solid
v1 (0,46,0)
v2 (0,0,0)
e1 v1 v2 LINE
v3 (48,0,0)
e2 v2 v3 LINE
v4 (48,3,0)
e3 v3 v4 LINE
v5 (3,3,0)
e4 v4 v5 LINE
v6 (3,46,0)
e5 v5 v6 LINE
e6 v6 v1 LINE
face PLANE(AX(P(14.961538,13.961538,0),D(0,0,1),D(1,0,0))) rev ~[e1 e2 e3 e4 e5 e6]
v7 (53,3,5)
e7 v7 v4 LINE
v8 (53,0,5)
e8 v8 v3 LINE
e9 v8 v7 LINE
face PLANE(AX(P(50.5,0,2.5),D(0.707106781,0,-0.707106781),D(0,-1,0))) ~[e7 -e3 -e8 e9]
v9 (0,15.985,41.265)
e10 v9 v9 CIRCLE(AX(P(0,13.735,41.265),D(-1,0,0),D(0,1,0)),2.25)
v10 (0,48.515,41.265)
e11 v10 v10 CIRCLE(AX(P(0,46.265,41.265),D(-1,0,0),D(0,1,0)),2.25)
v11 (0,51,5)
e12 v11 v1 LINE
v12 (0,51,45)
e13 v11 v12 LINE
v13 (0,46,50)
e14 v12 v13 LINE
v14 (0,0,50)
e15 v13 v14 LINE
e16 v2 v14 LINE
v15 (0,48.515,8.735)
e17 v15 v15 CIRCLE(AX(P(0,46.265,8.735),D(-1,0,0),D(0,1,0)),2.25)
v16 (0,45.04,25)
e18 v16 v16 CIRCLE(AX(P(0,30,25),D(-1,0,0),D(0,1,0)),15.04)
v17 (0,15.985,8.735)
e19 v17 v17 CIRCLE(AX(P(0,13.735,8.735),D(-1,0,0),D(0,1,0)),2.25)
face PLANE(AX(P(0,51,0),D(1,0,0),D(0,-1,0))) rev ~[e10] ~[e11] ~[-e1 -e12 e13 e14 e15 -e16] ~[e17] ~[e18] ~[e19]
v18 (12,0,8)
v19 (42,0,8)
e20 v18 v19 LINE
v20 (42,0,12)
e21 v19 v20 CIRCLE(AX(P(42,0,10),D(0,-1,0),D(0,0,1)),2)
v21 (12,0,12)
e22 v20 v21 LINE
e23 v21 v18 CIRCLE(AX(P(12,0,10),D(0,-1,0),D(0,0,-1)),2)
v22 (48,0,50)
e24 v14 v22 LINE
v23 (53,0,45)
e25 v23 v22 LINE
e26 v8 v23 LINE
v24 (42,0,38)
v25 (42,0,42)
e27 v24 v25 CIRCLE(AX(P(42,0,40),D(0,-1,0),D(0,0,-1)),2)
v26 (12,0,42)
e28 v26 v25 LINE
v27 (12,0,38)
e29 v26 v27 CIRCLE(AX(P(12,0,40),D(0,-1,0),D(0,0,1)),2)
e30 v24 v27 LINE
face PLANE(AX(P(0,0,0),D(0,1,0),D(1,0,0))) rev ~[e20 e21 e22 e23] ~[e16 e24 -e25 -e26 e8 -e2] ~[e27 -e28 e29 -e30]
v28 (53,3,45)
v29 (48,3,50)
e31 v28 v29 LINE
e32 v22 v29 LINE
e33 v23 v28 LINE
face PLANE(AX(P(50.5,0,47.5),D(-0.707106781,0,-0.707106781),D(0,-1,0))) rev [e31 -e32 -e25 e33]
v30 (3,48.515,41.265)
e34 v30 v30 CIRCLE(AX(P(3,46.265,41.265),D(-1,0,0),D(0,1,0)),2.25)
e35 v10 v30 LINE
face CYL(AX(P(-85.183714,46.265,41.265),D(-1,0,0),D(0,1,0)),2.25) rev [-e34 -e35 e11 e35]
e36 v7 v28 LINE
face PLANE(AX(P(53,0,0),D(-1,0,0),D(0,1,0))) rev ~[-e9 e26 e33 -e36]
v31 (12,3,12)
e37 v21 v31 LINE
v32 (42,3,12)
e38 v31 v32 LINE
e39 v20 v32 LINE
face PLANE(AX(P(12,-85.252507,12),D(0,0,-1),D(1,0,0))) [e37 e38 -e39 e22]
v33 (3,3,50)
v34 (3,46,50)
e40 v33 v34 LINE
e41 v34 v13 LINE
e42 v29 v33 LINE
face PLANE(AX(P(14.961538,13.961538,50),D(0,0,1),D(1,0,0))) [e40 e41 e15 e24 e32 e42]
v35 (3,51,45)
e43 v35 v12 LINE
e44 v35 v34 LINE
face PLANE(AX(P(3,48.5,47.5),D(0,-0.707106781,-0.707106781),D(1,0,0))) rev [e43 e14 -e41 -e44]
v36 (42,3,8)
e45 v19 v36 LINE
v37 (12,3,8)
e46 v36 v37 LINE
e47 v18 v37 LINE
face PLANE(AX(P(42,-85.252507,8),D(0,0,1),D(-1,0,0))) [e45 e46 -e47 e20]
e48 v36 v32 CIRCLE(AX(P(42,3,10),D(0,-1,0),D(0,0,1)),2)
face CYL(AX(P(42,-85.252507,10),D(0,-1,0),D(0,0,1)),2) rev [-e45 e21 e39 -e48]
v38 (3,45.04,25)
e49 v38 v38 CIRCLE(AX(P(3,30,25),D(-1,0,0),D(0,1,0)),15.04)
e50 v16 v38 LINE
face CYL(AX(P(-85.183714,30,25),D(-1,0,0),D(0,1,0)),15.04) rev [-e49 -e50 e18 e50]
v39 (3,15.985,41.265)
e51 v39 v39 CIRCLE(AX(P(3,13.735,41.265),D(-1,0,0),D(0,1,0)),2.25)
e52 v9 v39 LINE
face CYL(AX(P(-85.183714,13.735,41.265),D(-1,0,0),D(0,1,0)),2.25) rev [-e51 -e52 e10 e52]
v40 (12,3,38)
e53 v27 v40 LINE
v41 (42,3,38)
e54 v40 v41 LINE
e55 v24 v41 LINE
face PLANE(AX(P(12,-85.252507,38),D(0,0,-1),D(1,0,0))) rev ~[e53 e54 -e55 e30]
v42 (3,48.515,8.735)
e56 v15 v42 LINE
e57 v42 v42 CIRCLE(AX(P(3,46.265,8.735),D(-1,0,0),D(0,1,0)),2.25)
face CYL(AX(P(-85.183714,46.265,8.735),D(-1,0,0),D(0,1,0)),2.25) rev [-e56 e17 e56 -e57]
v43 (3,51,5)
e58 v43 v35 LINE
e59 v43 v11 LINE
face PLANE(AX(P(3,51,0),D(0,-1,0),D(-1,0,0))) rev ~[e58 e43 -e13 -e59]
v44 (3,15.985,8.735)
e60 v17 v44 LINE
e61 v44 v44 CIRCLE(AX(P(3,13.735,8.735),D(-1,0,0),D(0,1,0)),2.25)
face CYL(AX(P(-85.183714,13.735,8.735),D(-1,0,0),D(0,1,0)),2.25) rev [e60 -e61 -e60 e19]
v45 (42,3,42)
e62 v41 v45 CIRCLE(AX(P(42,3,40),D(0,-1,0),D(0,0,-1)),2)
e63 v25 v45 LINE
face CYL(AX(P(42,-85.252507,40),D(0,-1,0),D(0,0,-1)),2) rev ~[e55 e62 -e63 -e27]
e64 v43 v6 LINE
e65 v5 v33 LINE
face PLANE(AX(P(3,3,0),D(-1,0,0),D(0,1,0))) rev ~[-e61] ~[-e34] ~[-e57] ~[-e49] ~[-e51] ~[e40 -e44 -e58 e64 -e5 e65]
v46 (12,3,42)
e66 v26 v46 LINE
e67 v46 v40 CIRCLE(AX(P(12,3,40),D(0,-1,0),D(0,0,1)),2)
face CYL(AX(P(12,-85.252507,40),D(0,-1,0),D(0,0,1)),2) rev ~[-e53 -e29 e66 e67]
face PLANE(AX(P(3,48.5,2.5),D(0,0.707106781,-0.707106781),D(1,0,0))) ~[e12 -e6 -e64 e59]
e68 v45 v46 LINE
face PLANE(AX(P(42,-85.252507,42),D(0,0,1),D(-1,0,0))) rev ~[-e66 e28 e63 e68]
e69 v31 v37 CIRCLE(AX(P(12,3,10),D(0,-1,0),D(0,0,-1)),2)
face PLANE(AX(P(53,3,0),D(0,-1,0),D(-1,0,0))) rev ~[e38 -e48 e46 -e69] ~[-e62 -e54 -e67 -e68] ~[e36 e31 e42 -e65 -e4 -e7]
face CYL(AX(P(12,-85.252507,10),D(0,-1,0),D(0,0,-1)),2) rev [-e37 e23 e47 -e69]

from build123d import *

# Parameters (mm, degrees)
EXTRUDE_1_DEPTH          = 50
CHAMFER_1_SIZE           = 5
CUT_EXTRUDE_1_DEPTH      = 88.183714076
CUT_EXTRUDE_1_DEPTH_BACK = 88.183714076
SKETCH_2_R               = 15.04
SKETCH_2_R_2             = 2.25
CUT_EXTRUDE_2_DEPTH      = 88.252507127
CUT_EXTRUDE_2_DEPTH_BACK = 88.252507127


with BuildPart() as part:
    # 草图1 → 凸台-拉伸1 (new body)
    with BuildSketch(Plane.XY):
        Polygon((0, 0), (53, 0), (53, 3), (3, 3), (3, 51), (0, 51), align=None)
    extrude(amount=EXTRUDE_1_DEPTH)

    # 倒角1
    chamfer_1_edges = [part.edges().sort_by_distance(p)[0] for p in [
        (53, 1.5, 50),
        (1.5, 51, 50),
        (1.5, 51, 0),
        (53, 1.5, 0),
    ]]
    chamfer(chamfer_1_edges, length=CHAMFER_1_SIZE)

    # 草图2 → 切除-拉伸1 (cut, two sides: drawn at the far end of the back side and taken through both)
    with BuildSketch(Plane(origin=(3, 0, 0), x_dir=(0, 0, -1), z_dir=(1, 0, 0)).offset(-CUT_EXTRUDE_1_DEPTH_BACK)):
        with Locations(Location((-25, 30, 0), (0, 0, 90))):
            Circle(SKETCH_2_R)
        with Locations(Location((-8.735, 46.265, 0), (0, 0, 90))):
            Circle(SKETCH_2_R_2)
        with Locations(Location((-41.265, 46.265, 0), (0, 0, 90))):
            Circle(SKETCH_2_R_2)
        with Locations(Location((-8.735, 13.735, 0), (0, 0, 90))):
            Circle(SKETCH_2_R_2)
        with Locations(Location((-41.265, 13.735, 0), (0, 0, 90))):
            Circle(SKETCH_2_R_2)
    extrude(amount=CUT_EXTRUDE_1_DEPTH + CUT_EXTRUDE_1_DEPTH_BACK, mode=Mode.SUBTRACT)

    # 草图4 → 切除-拉伸2 (cut, two sides: drawn at the far end of the back side and taken through both)
    with BuildSketch(Plane(origin=(0, 3, 0), x_dir=(1, 0, 0), z_dir=(0, 1, 0)).offset(-CUT_EXTRUDE_2_DEPTH_BACK)):
        with BuildLine():
            Line((12, -12), (42, -12))
            ThreePointArc((42, -12), (44, -10), (42, -8))
            Line((42, -8), (12, -8))
            ThreePointArc((12, -8), (10, -10), (12, -12))
        make_face()
        with BuildLine():
            Line((12, -38), (42, -38))
            ThreePointArc((42, -38), (44, -40), (42, -42))
            Line((42, -42), (12, -42))
            ThreePointArc((12, -42), (10, -40), (12, -38))
        make_face()
    extrude(amount=CUT_EXTRUDE_2_DEPTH + CUT_EXTRUDE_2_DEPTH_BACK, mode=Mode.SUBTRACT)


solid = part.part
